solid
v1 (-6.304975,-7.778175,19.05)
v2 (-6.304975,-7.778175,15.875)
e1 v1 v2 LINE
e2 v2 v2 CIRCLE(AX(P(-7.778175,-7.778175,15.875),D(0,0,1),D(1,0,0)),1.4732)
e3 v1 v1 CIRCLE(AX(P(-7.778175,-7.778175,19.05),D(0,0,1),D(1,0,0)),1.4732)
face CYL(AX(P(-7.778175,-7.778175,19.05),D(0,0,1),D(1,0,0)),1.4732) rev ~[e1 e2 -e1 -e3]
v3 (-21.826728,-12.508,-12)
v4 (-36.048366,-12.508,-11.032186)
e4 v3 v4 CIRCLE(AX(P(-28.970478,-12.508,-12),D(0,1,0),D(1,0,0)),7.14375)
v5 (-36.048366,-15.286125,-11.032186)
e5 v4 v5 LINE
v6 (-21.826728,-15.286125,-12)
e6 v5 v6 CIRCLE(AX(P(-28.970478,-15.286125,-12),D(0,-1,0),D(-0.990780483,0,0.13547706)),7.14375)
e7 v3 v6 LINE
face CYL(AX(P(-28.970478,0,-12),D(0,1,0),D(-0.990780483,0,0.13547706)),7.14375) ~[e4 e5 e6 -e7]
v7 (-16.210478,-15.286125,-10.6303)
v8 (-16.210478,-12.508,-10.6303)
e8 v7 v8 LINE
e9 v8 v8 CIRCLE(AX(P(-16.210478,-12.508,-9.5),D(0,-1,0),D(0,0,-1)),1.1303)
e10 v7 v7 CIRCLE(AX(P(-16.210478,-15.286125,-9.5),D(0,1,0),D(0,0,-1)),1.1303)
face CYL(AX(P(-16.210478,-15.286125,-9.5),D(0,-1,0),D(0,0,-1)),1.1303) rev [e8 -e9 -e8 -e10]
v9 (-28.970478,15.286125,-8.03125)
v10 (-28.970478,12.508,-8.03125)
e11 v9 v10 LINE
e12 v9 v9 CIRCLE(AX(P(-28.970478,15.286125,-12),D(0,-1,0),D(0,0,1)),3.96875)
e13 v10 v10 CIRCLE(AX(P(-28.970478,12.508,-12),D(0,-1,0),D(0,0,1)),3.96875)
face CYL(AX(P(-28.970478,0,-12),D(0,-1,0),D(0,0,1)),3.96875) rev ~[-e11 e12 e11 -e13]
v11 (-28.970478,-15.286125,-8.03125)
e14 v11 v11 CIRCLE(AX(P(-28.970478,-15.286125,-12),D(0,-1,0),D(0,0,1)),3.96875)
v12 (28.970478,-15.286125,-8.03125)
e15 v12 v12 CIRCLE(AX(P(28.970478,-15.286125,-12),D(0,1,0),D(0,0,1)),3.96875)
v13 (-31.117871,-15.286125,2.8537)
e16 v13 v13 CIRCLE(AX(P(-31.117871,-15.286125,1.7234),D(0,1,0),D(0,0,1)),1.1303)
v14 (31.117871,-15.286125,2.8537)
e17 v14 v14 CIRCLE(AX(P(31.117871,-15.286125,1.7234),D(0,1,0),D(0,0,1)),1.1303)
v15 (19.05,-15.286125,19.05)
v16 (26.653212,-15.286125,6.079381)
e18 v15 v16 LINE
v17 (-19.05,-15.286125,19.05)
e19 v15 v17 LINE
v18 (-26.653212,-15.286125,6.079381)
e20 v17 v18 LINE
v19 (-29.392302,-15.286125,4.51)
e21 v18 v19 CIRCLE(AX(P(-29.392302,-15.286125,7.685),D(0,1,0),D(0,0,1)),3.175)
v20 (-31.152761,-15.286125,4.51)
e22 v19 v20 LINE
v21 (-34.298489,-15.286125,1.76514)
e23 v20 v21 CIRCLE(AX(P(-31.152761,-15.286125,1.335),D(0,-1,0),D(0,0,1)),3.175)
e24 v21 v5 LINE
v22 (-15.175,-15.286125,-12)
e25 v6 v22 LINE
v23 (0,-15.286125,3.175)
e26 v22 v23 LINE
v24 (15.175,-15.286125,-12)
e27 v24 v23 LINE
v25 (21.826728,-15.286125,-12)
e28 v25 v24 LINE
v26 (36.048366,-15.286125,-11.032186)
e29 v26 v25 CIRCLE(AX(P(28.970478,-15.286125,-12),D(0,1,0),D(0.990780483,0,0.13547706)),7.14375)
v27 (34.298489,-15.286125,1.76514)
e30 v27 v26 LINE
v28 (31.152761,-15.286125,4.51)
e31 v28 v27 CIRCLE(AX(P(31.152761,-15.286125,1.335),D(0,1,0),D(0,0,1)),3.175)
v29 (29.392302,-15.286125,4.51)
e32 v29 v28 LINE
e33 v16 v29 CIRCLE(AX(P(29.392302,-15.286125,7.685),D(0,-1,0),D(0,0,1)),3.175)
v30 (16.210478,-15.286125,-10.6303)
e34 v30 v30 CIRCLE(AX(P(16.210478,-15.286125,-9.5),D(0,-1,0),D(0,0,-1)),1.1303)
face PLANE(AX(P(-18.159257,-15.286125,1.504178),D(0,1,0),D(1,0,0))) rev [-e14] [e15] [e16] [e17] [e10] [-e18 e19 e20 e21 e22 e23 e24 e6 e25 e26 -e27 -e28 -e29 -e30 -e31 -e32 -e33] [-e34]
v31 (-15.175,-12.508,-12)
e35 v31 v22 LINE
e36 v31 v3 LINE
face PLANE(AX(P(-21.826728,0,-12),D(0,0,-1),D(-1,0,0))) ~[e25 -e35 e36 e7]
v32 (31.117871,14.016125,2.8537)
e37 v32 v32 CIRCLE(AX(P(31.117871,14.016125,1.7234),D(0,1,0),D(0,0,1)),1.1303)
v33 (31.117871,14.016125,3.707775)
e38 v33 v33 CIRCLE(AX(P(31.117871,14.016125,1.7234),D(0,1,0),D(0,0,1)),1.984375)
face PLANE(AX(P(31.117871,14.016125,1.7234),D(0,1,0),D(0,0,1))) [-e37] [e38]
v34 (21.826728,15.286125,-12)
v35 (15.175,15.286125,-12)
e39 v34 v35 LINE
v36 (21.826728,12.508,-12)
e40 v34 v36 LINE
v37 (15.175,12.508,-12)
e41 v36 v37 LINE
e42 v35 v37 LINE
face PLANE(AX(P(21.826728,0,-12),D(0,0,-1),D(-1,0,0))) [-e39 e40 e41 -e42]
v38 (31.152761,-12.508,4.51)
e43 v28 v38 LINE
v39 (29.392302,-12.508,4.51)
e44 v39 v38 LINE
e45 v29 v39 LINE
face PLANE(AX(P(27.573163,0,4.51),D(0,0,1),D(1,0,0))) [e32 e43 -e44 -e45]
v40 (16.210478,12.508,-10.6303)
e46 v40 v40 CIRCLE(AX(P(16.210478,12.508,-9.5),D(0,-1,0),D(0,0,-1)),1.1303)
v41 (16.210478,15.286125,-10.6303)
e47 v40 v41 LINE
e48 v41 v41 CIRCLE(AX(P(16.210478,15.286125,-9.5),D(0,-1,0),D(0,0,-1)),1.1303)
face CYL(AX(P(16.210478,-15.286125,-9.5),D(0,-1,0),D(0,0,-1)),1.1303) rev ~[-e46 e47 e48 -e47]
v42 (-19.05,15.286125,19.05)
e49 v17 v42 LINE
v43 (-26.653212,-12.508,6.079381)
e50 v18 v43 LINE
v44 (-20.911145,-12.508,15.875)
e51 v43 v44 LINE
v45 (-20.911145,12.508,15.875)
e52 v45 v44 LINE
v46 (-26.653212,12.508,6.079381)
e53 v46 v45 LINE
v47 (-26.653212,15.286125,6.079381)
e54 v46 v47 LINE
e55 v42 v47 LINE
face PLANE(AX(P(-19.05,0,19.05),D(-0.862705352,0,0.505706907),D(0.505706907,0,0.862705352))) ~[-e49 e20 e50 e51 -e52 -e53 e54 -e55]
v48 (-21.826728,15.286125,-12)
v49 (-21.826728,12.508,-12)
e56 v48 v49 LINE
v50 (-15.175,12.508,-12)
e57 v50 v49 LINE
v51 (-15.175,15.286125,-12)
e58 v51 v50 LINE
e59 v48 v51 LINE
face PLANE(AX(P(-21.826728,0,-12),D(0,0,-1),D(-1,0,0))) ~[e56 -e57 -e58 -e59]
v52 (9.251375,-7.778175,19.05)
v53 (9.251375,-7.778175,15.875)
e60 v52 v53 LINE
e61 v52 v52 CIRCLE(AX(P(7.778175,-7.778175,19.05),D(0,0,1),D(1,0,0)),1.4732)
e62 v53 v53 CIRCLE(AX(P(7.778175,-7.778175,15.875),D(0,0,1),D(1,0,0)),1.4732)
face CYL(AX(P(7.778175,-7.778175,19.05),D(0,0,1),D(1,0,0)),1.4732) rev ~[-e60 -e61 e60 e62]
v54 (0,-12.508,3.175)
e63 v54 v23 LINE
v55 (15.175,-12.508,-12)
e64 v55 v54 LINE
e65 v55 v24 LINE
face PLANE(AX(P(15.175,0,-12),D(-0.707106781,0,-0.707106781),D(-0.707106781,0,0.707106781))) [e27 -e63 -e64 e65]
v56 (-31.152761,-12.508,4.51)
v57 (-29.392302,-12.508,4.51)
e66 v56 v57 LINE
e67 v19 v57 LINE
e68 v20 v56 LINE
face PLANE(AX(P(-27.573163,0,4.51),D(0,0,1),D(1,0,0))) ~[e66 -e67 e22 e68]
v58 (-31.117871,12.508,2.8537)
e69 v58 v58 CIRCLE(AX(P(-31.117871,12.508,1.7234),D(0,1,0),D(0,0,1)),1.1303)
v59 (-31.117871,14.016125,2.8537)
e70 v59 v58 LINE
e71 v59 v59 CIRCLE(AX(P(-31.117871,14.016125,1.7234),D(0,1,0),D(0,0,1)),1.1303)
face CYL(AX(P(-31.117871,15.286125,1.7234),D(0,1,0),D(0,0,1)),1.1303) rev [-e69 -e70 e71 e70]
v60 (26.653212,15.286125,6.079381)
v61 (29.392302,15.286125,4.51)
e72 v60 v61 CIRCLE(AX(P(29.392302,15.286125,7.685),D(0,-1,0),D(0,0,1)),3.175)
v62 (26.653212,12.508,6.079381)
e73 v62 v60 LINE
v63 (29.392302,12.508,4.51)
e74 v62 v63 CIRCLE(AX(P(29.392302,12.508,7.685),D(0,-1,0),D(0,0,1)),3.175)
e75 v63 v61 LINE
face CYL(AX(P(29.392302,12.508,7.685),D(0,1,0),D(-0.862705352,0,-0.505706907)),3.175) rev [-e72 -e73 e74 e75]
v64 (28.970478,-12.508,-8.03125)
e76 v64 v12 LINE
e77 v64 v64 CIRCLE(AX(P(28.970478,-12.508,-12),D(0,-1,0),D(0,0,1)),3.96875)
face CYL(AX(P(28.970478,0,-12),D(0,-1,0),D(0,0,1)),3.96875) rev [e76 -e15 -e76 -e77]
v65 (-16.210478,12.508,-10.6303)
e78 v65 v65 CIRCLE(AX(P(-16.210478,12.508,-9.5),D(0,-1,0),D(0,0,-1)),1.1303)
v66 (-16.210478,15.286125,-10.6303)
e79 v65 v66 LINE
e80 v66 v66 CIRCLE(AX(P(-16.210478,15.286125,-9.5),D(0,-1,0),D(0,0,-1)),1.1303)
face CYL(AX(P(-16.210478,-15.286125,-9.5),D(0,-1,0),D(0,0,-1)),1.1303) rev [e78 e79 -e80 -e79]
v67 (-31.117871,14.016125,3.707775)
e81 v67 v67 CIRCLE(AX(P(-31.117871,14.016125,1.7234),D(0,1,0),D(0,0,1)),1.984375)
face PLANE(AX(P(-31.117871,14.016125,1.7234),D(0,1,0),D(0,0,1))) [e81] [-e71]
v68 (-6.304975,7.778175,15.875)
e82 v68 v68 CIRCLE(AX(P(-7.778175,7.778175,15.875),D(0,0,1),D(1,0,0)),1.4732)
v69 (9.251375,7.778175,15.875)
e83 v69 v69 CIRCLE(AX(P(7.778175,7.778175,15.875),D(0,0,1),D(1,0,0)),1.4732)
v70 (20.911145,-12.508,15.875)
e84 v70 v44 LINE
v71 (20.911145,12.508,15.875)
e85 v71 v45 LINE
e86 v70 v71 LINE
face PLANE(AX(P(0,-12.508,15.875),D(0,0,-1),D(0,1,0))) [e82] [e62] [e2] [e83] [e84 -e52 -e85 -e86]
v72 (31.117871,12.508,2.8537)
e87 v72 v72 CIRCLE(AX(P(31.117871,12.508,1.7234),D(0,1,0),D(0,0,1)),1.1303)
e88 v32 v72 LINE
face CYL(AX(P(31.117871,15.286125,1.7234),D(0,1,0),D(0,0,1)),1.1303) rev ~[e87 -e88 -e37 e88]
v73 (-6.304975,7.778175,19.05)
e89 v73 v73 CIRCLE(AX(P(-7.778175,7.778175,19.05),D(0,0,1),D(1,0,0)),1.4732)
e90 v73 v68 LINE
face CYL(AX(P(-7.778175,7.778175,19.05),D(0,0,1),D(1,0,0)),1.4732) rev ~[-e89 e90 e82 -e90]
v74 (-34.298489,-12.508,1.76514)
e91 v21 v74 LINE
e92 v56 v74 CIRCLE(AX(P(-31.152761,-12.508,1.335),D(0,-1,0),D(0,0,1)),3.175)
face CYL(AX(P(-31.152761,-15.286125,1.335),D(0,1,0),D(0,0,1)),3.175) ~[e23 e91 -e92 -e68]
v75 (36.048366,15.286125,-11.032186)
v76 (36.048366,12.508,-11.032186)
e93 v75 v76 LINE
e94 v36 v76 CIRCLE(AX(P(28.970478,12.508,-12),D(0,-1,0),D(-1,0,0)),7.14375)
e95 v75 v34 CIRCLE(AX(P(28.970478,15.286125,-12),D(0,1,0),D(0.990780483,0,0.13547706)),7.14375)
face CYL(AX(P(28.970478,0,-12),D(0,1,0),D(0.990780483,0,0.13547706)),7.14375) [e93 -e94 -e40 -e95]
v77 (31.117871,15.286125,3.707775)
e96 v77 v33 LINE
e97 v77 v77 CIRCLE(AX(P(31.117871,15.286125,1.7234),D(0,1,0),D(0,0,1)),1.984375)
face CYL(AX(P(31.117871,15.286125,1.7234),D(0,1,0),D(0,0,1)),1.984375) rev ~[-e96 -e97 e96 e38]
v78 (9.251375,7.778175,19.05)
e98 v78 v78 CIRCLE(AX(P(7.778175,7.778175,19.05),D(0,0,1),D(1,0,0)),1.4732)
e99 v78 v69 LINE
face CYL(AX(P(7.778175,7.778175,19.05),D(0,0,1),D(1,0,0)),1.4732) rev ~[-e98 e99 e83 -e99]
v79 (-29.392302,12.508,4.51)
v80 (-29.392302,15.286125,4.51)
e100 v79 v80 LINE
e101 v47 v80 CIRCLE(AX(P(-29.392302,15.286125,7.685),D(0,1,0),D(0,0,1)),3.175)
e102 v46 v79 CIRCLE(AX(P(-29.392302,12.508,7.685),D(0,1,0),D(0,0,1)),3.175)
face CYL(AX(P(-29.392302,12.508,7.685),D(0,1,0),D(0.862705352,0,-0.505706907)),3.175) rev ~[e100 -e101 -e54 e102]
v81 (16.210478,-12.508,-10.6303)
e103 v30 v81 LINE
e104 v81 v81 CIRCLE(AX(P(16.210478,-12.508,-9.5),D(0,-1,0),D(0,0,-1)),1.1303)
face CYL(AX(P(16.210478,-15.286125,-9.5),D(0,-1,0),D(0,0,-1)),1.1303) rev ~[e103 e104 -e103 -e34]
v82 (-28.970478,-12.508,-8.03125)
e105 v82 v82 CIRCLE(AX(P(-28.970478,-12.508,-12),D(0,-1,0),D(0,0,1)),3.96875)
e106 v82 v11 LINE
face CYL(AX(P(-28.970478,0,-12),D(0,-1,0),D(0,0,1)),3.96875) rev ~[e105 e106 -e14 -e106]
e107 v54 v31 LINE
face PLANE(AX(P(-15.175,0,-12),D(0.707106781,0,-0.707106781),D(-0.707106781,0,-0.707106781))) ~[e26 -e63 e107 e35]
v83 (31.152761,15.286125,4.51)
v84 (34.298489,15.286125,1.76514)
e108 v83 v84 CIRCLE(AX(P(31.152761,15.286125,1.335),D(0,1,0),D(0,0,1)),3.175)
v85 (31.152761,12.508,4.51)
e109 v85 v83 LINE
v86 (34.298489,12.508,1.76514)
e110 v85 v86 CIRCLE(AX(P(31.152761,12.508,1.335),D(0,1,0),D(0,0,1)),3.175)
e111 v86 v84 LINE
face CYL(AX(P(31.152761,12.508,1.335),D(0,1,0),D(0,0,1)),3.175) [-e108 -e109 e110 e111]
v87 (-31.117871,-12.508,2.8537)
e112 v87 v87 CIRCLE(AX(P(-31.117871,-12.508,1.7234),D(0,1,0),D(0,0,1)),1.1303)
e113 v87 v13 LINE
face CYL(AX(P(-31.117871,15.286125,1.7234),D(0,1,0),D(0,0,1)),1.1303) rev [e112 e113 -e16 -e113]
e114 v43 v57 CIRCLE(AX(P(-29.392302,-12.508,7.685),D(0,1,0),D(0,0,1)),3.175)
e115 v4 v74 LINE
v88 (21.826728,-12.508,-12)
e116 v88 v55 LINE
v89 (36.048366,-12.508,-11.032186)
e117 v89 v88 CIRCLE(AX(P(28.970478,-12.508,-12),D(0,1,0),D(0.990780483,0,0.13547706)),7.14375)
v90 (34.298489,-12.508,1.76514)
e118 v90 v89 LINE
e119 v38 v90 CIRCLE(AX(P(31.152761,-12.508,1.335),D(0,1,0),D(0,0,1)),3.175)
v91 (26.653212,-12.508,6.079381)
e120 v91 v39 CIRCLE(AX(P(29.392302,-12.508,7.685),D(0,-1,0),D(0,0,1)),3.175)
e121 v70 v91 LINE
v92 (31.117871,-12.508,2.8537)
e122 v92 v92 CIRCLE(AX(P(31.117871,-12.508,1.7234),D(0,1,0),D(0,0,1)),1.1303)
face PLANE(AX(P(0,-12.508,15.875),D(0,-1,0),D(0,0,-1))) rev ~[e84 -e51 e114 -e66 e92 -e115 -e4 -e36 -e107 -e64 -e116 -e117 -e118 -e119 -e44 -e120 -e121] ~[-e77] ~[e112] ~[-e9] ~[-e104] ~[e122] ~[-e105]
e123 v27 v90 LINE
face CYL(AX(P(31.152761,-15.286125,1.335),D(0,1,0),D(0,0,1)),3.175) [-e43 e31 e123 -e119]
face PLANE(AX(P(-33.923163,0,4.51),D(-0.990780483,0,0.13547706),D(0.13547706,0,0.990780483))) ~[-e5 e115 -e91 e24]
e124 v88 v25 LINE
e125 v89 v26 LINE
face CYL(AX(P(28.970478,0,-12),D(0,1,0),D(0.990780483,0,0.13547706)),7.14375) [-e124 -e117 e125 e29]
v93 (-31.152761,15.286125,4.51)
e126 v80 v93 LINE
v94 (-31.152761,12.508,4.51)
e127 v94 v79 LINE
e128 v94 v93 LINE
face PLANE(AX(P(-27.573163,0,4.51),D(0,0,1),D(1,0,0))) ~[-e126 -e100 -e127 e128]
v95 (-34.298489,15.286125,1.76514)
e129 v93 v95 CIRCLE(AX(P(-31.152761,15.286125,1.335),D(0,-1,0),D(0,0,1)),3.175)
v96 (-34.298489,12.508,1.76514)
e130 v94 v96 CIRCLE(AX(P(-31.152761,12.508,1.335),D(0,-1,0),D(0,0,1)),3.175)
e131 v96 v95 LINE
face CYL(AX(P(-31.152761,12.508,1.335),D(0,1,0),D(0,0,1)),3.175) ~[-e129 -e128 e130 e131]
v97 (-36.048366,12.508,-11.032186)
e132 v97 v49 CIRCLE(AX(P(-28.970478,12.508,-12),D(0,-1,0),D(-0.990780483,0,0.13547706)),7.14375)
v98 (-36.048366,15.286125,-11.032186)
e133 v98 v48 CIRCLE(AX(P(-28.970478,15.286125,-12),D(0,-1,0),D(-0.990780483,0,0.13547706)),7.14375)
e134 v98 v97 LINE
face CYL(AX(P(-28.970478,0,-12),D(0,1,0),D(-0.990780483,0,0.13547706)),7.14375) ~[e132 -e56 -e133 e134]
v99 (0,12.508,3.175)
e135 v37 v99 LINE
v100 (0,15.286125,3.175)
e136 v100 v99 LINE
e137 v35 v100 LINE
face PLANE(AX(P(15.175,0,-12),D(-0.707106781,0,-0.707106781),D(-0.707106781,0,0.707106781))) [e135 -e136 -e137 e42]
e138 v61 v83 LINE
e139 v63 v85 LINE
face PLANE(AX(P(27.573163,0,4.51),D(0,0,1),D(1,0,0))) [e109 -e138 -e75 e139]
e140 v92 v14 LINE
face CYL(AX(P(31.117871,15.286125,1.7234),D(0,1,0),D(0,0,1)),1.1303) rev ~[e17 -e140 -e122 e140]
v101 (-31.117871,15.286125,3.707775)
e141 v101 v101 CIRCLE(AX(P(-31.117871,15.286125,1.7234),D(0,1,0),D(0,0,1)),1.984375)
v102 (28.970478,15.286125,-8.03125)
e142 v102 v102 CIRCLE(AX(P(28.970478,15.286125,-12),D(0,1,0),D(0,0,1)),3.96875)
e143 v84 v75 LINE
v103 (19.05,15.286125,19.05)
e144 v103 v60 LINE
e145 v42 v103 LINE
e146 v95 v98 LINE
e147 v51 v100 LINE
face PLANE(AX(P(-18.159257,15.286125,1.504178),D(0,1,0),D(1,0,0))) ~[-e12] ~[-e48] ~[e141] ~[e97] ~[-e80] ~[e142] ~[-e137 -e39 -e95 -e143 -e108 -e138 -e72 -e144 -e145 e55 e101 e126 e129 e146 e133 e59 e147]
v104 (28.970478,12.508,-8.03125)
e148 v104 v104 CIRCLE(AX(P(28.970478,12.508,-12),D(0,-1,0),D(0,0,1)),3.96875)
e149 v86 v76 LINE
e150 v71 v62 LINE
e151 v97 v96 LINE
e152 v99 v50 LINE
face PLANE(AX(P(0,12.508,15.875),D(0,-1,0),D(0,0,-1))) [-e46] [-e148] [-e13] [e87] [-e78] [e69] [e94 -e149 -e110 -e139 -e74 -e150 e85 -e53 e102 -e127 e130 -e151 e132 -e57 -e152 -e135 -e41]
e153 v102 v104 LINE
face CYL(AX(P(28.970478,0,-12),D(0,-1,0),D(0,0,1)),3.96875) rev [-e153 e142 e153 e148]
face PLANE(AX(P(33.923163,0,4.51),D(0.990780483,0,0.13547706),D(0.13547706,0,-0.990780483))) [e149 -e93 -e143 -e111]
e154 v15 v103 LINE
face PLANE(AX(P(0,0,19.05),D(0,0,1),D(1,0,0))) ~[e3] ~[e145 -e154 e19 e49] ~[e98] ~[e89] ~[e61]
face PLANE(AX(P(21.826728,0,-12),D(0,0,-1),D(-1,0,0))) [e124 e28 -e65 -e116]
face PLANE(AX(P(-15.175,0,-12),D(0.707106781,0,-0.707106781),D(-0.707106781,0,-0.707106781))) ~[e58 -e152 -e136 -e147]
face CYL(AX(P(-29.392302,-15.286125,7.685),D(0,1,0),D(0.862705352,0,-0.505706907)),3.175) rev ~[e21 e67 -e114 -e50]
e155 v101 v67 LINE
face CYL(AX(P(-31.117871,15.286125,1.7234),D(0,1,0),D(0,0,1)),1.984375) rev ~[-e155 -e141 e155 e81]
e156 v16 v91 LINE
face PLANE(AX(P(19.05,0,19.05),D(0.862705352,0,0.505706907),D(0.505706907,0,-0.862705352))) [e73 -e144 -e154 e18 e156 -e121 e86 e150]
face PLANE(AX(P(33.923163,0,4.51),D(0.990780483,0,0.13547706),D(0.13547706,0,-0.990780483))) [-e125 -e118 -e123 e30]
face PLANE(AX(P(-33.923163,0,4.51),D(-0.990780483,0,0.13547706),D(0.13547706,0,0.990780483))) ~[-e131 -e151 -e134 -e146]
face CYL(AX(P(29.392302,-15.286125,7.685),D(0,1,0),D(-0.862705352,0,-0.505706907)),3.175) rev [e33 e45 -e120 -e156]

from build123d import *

# Parameters (mm, degrees)
SKETCH1_R            = 3.96875
BOSS_EXTRUDE1_DEPTH  = 15.286125003
SKETCH2_W            = 35.01875
SKETCH2_H            = 25.016000006
CUT_EXTRUDE1_DEPTH   = 40.686125003
SKETCH3_R            = 1.1303
CUT_EXTRUDE2_DEPTH   = 52.042953466
FILLET1_R            = 3.175
SKETCH9_R            = 1.1303
CUT_EXTRUDE5_DEPTH   = 52.042953466
FILLET1_OF_MIRROR3_R = 3.175
SKETCH7_R            = 1.4732
CUT_EXTRUDE3_DEPTH   = 55.741808709
SKETCH8_R            = 1.984375
CUT_EXTRUDE4_DEPTH   = 1.27


with BuildPart() as part:
    # Sketch1 → Boss-Extrude1 (new, symmetric)
    with BuildSketch(Plane(origin=(0, 0, 0), x_dir=(1, 0, 0), z_dir=(0, 1, 0))):
        with BuildLine():
            Line((0, -3.175), (0, -19.05))
            Line((0, -19.05), (19.05, -19.05))
            Line((19.05, -19.05), (27.573163108, -4.51))
            Line((27.573163108, -4.51), (33.923163108, -4.51))
            Line((33.923163108, -4.51), (36.048366078, 11.032185755))
            ThreePointArc((36.048366078, 11.032185755), (29.455504341, 19.1272655), (21.826728, 12))
            Line((21.826728, 12), (15.175, 12))
            Line((15.175, 12), (0, -3.175))
        make_face()
        with Locations(Location((28.970478, 12, 0), (0, 0, 270))):
            Circle(SKETCH1_R, mode=Mode.SUBTRACT)
    boss_extrude1 = extrude(amount=BOSS_EXTRUDE1_DEPTH, both=True)

    # Sketch2 → Cut-Extrude1 (cut, symmetric)
    with BuildSketch(Plane(origin=(0, 0, 0), x_dir=(0, 0, -1), z_dir=(1, 0, 0))):
        with Locations((1.634375, 0)):
            Rectangle(SKETCH2_W, SKETCH2_H)
    cut_extrude1 = extrude(amount=CUT_EXTRUDE1_DEPTH, both=True, mode=Mode.SUBTRACT)

    # Sketch3 → Cut-Extrude2 (cut, through all)
    with BuildSketch(Plane(origin=(0, 15.286125003, 0), x_dir=(1, 0, 0), z_dir=(0, 1, 0))):
        with Locations(Location((31.117871418, -1.723399824, 0), (0, 0, 270))):
            Circle(SKETCH3_R)
    cut_extrude2 = extrude(amount=-CUT_EXTRUDE2_DEPTH, mode=Mode.SUBTRACT)

    # Fillet1
    fillet1_edges = [part.edges().sort_by_distance(p)[0] for p in [
        (33.923163108, 13.897062503, 4.51),
        (27.573163108, 13.897062503, 4.51),
        (33.923163108, -13.897062503, 4.51),
        (27.573163108, -13.897062503, 4.51),
    ]]
    fillet(fillet1_edges, radius=FILLET1_R)

    # Sketch9 → Cut-Extrude5 (cut, through all)
    with BuildSketch(Plane.XZ.offset(15.286125003)):
        with Locations(Location((16.210478, -9.5, 0), (0, 0, 270))):
            Circle(SKETCH9_R)
    cut_extrude5 = extrude(amount=-CUT_EXTRUDE5_DEPTH, mode=Mode.SUBTRACT)

    # Mirror3: Boss-Extrude1, Cut-Extrude1, Cut-Extrude2, Cut-Extrude5 across plane
    add(boss_extrude1.mirror(Plane(origin=(0, 15.286125003, 3.175), x_dir=(0, 0, 1), z_dir=(1, 0, 0))))
    add(cut_extrude1.mirror(Plane(origin=(0, 15.286125003, 3.175), x_dir=(0, 0, 1), z_dir=(1, 0, 0))), mode=Mode.SUBTRACT)
    add(cut_extrude2.mirror(Plane(origin=(0, 15.286125003, 3.175), x_dir=(0, 0, 1), z_dir=(1, 0, 0))), mode=Mode.SUBTRACT)
    add(cut_extrude5.mirror(Plane(origin=(0, 15.286125003, 3.175), x_dir=(0, 0, 1), z_dir=(1, 0, 0))), mode=Mode.SUBTRACT)

    # Fillet1 of Mirror3
    fillet1_of_mirror3_edges = [part.edges().sort_by_distance(p)[0] for p in [
        (-33.923163108, 13.897062503, 4.51),
        (-27.573163108, 13.897062503, 4.51),
        (-33.923163108, -13.897062503, 4.51),
        (-27.573163108, -13.897062503, 4.51),
    ]]
    fillet(fillet1_of_mirror3_edges, radius=FILLET1_OF_MIRROR3_R)

    # Sketch7 → Cut-Extrude3 (cut, through all)
    with BuildSketch(Plane.XY.offset(19.05)):
        with Locations((-7.778174593, 7.778174593)):
            Circle(SKETCH7_R)
        with Locations((7.778174593, 7.778174593)):
            Circle(SKETCH7_R)
        with Locations((7.778174593, -7.778174593)):
            Circle(SKETCH7_R)
        with Locations((-7.778174593, -7.778174593)):
            Circle(SKETCH7_R)
    extrude(amount=-CUT_EXTRUDE3_DEPTH, mode=Mode.SUBTRACT)

    # Sketch8 → Cut-Extrude4 (cut)
    with BuildSketch(Plane(origin=(0, 15.286125003, 0), x_dir=(1, 0, 0), z_dir=(0, 1, 0))):
        with Locations(Location((31.117871418, -1.723399824, 0), (0, 0, 270))):
            Circle(SKETCH8_R)
        with Locations(Location((-31.117871418, -1.723399824, 0), (0, 0, 270))):
            Circle(SKETCH8_R)
    extrude(amount=-CUT_EXTRUDE4_DEPTH, mode=Mode.SUBTRACT)


solid = part.part
